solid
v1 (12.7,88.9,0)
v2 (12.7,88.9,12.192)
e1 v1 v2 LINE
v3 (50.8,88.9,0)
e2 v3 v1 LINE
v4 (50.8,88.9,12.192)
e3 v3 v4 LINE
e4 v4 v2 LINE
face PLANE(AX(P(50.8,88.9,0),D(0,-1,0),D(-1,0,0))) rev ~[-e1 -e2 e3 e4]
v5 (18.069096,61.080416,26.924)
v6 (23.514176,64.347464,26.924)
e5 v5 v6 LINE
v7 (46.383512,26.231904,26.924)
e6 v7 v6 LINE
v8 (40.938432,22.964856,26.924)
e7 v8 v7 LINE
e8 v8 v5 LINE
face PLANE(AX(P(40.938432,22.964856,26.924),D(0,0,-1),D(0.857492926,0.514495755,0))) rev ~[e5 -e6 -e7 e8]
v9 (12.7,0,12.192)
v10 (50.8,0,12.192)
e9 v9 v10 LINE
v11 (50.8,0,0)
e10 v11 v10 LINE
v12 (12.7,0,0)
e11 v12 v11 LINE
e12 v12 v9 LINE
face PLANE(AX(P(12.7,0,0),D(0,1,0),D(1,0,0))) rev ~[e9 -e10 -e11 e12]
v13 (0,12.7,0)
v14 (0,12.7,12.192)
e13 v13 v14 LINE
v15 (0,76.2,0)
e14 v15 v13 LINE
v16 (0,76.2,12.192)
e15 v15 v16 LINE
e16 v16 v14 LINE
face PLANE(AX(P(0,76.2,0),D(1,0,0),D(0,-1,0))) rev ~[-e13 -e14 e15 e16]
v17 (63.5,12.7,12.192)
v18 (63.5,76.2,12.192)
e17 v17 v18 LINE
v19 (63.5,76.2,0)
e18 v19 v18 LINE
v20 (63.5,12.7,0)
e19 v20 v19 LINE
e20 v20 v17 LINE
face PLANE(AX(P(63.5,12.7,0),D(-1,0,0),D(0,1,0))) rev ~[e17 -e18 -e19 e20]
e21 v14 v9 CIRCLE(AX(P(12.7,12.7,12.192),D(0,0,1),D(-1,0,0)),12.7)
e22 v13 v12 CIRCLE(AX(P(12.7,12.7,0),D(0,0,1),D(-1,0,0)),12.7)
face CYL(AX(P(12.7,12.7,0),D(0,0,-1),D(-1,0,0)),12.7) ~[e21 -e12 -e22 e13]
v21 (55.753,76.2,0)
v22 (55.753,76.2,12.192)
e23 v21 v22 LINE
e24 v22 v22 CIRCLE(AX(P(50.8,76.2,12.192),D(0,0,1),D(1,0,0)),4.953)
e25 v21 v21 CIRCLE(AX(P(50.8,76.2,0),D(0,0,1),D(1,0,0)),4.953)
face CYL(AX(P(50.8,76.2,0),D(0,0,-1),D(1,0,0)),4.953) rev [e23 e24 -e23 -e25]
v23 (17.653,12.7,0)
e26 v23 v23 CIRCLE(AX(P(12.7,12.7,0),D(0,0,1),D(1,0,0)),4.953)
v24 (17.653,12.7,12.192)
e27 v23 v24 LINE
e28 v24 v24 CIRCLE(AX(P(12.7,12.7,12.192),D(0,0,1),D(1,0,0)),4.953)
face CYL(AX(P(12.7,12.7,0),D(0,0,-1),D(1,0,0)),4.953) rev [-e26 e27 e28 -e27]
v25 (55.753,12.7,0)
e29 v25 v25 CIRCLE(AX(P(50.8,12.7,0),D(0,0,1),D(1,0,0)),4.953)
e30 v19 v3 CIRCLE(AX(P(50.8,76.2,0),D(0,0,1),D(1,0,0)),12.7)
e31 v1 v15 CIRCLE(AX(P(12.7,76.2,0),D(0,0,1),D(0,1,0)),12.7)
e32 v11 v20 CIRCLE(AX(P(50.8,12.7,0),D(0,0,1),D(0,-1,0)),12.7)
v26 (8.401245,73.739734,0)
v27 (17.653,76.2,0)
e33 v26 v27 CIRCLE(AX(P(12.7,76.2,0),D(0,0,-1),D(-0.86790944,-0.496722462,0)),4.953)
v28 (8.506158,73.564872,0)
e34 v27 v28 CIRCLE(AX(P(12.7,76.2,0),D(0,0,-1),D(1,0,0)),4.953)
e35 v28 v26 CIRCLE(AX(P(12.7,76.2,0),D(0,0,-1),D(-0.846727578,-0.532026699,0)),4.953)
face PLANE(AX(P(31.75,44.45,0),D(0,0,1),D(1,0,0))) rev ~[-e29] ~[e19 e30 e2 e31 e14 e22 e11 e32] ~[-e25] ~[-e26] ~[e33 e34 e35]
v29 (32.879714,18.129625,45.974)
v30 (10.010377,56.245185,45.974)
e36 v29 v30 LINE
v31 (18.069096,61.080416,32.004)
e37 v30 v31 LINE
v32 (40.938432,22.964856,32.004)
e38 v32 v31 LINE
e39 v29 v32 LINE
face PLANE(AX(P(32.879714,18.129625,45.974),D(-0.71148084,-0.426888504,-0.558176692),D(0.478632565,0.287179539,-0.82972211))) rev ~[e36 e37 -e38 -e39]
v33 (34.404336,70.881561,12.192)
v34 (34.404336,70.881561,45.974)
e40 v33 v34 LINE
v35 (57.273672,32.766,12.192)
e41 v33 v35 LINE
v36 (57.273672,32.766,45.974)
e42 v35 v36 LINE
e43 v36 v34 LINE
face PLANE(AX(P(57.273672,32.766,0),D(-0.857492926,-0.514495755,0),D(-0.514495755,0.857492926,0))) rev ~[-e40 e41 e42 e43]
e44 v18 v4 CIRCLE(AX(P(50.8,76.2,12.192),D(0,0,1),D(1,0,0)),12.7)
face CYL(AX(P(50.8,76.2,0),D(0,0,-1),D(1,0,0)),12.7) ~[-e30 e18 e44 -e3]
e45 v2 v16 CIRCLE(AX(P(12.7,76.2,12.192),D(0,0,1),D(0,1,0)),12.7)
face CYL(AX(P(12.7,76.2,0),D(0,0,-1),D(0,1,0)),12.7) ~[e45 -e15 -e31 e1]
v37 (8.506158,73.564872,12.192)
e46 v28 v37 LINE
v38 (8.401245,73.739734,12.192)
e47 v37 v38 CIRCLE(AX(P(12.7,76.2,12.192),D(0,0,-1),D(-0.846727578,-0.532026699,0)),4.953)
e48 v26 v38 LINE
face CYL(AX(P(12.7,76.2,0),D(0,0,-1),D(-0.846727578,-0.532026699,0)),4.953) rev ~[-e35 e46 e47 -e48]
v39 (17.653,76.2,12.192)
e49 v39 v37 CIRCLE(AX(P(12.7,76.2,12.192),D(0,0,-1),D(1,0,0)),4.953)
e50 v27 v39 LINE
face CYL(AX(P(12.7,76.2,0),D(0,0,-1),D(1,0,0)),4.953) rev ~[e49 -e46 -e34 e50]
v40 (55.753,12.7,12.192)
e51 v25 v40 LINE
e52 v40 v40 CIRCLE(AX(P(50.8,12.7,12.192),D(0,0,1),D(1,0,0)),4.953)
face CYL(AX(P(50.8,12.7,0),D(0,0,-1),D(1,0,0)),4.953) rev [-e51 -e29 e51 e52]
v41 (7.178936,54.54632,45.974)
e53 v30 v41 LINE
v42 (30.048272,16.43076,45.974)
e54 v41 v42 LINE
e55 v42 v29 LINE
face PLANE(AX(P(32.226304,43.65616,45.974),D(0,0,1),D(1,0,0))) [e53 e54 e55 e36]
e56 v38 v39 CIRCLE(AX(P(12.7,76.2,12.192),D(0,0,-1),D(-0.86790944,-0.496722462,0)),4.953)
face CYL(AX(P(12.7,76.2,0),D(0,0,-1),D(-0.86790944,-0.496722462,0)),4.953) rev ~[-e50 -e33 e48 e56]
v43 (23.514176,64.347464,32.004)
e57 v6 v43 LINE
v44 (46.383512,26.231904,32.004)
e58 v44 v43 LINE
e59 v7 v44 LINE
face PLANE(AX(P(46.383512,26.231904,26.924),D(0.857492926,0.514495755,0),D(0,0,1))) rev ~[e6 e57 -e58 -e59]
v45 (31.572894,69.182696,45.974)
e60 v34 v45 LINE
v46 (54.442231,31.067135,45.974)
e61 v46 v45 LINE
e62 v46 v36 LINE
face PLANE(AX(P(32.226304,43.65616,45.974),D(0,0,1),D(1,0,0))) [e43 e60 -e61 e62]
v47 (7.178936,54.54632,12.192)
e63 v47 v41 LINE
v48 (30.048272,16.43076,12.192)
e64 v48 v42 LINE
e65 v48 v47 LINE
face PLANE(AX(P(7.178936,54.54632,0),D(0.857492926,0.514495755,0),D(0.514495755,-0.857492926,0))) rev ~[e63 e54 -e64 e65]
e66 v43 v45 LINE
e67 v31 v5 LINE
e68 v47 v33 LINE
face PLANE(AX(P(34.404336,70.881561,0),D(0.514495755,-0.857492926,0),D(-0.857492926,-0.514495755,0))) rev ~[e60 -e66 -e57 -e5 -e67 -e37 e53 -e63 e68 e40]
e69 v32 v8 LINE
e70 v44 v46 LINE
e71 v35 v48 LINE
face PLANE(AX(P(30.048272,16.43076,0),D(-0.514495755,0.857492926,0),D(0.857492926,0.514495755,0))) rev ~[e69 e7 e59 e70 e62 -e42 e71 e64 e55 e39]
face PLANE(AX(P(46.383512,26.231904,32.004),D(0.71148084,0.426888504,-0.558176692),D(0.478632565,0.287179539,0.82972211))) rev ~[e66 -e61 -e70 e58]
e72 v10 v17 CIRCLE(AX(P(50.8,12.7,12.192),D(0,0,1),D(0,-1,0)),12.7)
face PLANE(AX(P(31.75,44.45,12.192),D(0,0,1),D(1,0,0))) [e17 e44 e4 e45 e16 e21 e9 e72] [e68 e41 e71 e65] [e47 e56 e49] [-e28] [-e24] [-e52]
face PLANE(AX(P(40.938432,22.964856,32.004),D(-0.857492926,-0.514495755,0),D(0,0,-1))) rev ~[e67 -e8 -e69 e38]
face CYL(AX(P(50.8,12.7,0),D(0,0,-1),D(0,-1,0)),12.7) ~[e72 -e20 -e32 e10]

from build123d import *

# Parameters (mm, degrees)
F0_R     = 4.953
F1_DEPTH = 12.192
F2_DEPTH = 45.974
F4_DEPTH = 77.6025691706


with BuildPart() as f1:
    # F0 (on Top) → F1 (new body)
    with BuildSketch(Plane.XY):
        with BuildLine():
            ThreePointArc((0, 12.7), (3.7197438789, 3.7197438789), (12.7, 0))
            Line((12.7, 0), (50.8, 0))
            ThreePointArc((50.8, 0), (59.7802561211, 3.7197438789), (63.5, 12.7))
            Line((63.5, 12.7), (63.5, 76.2))
            ThreePointArc((63.5, 76.2), (59.7802561211, 85.1802561211), (50.8, 88.9))
            Line((50.8, 88.9), (12.7, 88.9))
            ThreePointArc((12.7, 88.9), (3.7197438789, 85.1802561211), (0, 76.2))
            Line((0, 76.2), (0, 12.7))
        make_face()
        with Locations((12.7, 12.7)):
            Circle(F0_R, mode=Mode.SUBTRACT)
        with Locations((50.8, 12.7)):
            Circle(F0_R, mode=Mode.SUBTRACT)
        Polygon((34.4043359374, 70.8815605479), (57.2736722661, 32.766), (30.0482718748, 16.4307597652), (7.178935546, 54.5463203131), align=None, mode=Mode.SUBTRACT)
        with BuildLine():
            ThreePointArc((8.5061583053, 73.5648717603), (8.452801422, 73.6517627193), (8.4012445439, 73.7397336468))
            ThreePointArc((8.4012445439, 73.7397336468), (11.4271148469, 80.9866452121), (17.653, 76.2))
            ThreePointArc((17.653, 76.2), (14.0711511744, 71.4405721503), (8.5061583053, 73.5648717603))
        make_face(mode=Mode.SUBTRACT)
        with Locations((50.8, 76.2)):
            Circle(F0_R, mode=Mode.SUBTRACT)
    extrude(amount=F1_DEPTH)

    # F0 (on Top) → F2 (join)
    with BuildSketch(Plane.XY):
        Polygon((30.0482718748, 16.4307597652), (57.2736722661, 32.766), (34.4043359374, 70.8815605479), (7.178935546, 54.5463203131), align=None)
    extrude(amount=F2_DEPTH)

    # F3 (on face) → F4 (cut, through all)
    with BuildSketch(Plane(origin=(0.7050897175, -1.1751495292, 0), x_dir=(0.8574929257, 0.5144957554, 0), z_dir=(0.5144957554, -0.8574929257, 0))):
        Polygon((62.6677367201, 45.974), (37.5217367201, 45.974), (46.9197367201, 32.004), (46.9197367201, 26.924), (53.2697367201, 26.924), (53.2697367201, 32.004), align=None)
    extrude(amount=-F4_DEPTH, mode=Mode.SUBTRACT)


solid = f1.part
